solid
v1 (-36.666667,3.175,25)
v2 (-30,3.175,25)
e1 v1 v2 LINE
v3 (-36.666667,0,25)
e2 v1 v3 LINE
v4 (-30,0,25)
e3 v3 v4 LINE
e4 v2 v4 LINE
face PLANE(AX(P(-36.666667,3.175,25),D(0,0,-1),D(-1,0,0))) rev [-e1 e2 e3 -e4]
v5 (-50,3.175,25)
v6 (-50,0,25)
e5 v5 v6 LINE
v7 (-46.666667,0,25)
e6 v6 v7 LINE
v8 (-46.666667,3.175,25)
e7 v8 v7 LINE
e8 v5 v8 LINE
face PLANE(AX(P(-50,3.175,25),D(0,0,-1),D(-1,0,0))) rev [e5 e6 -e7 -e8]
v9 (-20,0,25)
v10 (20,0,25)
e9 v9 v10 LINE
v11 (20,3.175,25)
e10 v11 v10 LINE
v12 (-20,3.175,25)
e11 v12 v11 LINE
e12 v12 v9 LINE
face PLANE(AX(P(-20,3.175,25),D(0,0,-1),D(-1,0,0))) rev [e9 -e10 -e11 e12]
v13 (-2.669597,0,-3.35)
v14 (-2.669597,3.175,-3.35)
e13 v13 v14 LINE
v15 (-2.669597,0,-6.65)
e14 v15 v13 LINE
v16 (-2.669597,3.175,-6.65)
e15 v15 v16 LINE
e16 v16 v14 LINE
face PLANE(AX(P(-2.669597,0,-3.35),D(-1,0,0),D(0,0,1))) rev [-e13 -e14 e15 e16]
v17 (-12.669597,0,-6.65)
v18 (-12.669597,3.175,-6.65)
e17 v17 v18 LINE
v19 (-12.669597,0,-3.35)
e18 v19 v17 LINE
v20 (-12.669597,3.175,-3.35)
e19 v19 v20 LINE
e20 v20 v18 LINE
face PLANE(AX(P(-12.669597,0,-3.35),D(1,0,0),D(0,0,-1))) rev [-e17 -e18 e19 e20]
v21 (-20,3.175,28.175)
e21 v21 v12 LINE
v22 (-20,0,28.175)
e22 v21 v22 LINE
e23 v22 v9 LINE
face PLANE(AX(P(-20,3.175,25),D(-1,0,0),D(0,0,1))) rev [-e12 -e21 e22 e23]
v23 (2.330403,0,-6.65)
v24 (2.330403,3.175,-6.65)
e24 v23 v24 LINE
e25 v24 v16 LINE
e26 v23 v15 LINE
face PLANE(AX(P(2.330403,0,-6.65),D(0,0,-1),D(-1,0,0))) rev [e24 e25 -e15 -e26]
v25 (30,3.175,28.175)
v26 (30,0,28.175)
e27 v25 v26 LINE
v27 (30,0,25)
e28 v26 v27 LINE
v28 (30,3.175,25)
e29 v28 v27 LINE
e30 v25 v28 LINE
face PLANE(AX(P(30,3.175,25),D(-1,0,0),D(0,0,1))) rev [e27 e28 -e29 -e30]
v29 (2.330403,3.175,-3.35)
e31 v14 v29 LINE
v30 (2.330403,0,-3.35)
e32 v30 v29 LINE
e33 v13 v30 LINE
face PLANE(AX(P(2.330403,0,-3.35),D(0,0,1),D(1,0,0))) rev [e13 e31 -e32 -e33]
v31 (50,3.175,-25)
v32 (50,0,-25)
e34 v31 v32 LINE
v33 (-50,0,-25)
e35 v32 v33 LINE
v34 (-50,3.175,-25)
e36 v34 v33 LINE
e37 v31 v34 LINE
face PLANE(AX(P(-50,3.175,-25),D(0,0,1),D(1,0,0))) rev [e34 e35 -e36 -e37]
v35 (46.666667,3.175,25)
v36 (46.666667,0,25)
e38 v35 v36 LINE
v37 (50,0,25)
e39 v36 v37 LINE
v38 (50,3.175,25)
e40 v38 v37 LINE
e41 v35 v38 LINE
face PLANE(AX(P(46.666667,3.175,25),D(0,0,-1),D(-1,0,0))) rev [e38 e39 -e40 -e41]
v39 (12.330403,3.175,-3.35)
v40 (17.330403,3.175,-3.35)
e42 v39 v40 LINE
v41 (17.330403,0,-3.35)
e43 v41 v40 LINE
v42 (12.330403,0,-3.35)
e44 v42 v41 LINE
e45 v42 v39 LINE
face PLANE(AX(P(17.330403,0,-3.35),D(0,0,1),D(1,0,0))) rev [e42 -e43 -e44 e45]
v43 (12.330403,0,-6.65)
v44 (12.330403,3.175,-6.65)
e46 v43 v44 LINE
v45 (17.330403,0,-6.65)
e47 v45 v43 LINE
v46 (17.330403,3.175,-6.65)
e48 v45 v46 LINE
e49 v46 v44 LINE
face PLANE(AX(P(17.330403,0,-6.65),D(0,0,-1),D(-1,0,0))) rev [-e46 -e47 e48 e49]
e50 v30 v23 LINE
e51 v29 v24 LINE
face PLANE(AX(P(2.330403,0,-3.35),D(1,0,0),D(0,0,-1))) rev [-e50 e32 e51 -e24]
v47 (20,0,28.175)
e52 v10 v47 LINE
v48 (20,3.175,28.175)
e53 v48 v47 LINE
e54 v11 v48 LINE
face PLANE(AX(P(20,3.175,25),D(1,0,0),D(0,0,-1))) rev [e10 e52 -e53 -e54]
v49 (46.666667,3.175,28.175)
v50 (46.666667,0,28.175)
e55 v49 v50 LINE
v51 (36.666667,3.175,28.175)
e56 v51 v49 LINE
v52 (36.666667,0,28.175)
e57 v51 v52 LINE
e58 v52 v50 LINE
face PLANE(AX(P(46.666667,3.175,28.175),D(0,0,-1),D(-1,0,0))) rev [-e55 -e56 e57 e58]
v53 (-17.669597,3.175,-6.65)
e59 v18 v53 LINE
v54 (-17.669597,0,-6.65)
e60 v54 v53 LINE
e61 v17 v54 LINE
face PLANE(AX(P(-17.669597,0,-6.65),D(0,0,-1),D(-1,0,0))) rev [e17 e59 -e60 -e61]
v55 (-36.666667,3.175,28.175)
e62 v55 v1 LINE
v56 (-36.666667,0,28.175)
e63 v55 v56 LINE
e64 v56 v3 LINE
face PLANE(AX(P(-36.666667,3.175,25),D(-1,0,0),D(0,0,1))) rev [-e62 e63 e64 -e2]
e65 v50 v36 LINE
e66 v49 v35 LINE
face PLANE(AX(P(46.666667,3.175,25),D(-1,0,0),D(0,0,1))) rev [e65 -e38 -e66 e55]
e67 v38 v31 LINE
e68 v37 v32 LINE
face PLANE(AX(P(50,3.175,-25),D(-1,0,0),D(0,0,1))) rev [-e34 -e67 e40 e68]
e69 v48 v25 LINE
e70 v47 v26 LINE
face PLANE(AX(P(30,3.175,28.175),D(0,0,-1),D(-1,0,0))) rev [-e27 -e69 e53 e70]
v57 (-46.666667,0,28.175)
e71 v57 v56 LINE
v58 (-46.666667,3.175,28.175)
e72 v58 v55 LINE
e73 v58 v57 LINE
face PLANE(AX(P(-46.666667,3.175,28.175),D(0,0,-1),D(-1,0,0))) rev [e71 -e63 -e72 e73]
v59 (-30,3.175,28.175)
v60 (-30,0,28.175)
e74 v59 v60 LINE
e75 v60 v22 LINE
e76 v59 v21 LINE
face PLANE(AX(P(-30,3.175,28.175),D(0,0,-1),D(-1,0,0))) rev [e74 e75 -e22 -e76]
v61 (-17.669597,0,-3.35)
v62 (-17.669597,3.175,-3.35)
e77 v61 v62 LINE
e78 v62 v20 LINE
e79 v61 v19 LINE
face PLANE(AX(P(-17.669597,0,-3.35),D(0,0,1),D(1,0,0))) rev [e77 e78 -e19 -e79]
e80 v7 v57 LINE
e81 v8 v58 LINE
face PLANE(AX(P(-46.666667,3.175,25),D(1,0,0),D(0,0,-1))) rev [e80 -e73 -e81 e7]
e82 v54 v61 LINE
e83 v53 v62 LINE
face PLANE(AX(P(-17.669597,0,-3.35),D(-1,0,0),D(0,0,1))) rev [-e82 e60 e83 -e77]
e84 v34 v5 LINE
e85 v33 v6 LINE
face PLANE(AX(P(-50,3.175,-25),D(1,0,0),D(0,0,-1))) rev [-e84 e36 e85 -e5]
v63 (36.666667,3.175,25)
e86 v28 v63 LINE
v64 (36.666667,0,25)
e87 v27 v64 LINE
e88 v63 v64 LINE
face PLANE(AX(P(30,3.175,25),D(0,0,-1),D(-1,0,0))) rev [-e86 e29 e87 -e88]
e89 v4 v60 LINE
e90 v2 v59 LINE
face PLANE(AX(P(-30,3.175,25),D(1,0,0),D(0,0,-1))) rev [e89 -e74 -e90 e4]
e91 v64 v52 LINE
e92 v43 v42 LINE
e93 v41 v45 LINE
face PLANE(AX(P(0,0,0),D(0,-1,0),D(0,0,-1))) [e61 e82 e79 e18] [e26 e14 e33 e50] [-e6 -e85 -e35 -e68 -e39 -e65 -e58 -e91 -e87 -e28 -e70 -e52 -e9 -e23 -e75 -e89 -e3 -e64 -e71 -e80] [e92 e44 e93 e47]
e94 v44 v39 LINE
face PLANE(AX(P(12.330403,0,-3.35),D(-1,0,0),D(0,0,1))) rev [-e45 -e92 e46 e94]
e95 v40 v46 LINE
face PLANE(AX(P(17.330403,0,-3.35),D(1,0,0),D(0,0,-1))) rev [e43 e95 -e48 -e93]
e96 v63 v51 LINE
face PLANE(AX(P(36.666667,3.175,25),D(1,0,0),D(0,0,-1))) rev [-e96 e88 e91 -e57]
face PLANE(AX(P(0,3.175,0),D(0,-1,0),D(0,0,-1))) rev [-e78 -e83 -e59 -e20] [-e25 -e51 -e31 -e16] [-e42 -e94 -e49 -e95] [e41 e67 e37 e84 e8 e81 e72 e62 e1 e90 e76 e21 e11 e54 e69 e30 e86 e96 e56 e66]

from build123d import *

# Parameters (mm, degrees)
BOSS_EXTRUDE1_DEPTH = 3.175
SKETCH2_W           = 5
SKETCH2_H           = 3.3
CUT_EXTRUDE1_DEPTH  = 3.175


with BuildPart() as part:
    # Sketch1 → Boss-Extrude1 (new body)
    with BuildSketch(Plane(origin=(0, 0, 0), x_dir=(1, 0, 0), z_dir=(0, 1, 0))):
        Polygon((-50, 25), (50, 25), (50, -25), (46.666666667, -25), (46.666666667, -28.175), (36.666666667, -28.175), (36.666666667, -25), (30, -25), (30, -28.175), (20, -28.175), (20, -25), (-20, -25), (-20, -28.175), (-30, -28.175), (-30, -25), (-36.666666667, -25), (-36.666666667, -28.175), (-46.666666667, -28.175), (-46.666666667, -25), (-50, -25), align=None)
    extrude(amount=BOSS_EXTRUDE1_DEPTH)

    # Sketch2 → Cut-Extrude1 (cut)
    with BuildSketch(Plane(origin=(0, 3.175, 0), x_dir=(1, 0, 0), z_dir=(0, 1, 0))):
        with Locations((-0.169597497, 5)):
            Rectangle(SKETCH2_W, SKETCH2_H)
        with Locations((-15.169597497, 5)):
            Rectangle(SKETCH2_W, SKETCH2_H)
        with Locations((14.830402503, 5)):
            Rectangle(SKETCH2_W, SKETCH2_H)
    extrude(amount=-CUT_EXTRUDE1_DEPTH, mode=Mode.SUBTRACT)


solid = part.part
